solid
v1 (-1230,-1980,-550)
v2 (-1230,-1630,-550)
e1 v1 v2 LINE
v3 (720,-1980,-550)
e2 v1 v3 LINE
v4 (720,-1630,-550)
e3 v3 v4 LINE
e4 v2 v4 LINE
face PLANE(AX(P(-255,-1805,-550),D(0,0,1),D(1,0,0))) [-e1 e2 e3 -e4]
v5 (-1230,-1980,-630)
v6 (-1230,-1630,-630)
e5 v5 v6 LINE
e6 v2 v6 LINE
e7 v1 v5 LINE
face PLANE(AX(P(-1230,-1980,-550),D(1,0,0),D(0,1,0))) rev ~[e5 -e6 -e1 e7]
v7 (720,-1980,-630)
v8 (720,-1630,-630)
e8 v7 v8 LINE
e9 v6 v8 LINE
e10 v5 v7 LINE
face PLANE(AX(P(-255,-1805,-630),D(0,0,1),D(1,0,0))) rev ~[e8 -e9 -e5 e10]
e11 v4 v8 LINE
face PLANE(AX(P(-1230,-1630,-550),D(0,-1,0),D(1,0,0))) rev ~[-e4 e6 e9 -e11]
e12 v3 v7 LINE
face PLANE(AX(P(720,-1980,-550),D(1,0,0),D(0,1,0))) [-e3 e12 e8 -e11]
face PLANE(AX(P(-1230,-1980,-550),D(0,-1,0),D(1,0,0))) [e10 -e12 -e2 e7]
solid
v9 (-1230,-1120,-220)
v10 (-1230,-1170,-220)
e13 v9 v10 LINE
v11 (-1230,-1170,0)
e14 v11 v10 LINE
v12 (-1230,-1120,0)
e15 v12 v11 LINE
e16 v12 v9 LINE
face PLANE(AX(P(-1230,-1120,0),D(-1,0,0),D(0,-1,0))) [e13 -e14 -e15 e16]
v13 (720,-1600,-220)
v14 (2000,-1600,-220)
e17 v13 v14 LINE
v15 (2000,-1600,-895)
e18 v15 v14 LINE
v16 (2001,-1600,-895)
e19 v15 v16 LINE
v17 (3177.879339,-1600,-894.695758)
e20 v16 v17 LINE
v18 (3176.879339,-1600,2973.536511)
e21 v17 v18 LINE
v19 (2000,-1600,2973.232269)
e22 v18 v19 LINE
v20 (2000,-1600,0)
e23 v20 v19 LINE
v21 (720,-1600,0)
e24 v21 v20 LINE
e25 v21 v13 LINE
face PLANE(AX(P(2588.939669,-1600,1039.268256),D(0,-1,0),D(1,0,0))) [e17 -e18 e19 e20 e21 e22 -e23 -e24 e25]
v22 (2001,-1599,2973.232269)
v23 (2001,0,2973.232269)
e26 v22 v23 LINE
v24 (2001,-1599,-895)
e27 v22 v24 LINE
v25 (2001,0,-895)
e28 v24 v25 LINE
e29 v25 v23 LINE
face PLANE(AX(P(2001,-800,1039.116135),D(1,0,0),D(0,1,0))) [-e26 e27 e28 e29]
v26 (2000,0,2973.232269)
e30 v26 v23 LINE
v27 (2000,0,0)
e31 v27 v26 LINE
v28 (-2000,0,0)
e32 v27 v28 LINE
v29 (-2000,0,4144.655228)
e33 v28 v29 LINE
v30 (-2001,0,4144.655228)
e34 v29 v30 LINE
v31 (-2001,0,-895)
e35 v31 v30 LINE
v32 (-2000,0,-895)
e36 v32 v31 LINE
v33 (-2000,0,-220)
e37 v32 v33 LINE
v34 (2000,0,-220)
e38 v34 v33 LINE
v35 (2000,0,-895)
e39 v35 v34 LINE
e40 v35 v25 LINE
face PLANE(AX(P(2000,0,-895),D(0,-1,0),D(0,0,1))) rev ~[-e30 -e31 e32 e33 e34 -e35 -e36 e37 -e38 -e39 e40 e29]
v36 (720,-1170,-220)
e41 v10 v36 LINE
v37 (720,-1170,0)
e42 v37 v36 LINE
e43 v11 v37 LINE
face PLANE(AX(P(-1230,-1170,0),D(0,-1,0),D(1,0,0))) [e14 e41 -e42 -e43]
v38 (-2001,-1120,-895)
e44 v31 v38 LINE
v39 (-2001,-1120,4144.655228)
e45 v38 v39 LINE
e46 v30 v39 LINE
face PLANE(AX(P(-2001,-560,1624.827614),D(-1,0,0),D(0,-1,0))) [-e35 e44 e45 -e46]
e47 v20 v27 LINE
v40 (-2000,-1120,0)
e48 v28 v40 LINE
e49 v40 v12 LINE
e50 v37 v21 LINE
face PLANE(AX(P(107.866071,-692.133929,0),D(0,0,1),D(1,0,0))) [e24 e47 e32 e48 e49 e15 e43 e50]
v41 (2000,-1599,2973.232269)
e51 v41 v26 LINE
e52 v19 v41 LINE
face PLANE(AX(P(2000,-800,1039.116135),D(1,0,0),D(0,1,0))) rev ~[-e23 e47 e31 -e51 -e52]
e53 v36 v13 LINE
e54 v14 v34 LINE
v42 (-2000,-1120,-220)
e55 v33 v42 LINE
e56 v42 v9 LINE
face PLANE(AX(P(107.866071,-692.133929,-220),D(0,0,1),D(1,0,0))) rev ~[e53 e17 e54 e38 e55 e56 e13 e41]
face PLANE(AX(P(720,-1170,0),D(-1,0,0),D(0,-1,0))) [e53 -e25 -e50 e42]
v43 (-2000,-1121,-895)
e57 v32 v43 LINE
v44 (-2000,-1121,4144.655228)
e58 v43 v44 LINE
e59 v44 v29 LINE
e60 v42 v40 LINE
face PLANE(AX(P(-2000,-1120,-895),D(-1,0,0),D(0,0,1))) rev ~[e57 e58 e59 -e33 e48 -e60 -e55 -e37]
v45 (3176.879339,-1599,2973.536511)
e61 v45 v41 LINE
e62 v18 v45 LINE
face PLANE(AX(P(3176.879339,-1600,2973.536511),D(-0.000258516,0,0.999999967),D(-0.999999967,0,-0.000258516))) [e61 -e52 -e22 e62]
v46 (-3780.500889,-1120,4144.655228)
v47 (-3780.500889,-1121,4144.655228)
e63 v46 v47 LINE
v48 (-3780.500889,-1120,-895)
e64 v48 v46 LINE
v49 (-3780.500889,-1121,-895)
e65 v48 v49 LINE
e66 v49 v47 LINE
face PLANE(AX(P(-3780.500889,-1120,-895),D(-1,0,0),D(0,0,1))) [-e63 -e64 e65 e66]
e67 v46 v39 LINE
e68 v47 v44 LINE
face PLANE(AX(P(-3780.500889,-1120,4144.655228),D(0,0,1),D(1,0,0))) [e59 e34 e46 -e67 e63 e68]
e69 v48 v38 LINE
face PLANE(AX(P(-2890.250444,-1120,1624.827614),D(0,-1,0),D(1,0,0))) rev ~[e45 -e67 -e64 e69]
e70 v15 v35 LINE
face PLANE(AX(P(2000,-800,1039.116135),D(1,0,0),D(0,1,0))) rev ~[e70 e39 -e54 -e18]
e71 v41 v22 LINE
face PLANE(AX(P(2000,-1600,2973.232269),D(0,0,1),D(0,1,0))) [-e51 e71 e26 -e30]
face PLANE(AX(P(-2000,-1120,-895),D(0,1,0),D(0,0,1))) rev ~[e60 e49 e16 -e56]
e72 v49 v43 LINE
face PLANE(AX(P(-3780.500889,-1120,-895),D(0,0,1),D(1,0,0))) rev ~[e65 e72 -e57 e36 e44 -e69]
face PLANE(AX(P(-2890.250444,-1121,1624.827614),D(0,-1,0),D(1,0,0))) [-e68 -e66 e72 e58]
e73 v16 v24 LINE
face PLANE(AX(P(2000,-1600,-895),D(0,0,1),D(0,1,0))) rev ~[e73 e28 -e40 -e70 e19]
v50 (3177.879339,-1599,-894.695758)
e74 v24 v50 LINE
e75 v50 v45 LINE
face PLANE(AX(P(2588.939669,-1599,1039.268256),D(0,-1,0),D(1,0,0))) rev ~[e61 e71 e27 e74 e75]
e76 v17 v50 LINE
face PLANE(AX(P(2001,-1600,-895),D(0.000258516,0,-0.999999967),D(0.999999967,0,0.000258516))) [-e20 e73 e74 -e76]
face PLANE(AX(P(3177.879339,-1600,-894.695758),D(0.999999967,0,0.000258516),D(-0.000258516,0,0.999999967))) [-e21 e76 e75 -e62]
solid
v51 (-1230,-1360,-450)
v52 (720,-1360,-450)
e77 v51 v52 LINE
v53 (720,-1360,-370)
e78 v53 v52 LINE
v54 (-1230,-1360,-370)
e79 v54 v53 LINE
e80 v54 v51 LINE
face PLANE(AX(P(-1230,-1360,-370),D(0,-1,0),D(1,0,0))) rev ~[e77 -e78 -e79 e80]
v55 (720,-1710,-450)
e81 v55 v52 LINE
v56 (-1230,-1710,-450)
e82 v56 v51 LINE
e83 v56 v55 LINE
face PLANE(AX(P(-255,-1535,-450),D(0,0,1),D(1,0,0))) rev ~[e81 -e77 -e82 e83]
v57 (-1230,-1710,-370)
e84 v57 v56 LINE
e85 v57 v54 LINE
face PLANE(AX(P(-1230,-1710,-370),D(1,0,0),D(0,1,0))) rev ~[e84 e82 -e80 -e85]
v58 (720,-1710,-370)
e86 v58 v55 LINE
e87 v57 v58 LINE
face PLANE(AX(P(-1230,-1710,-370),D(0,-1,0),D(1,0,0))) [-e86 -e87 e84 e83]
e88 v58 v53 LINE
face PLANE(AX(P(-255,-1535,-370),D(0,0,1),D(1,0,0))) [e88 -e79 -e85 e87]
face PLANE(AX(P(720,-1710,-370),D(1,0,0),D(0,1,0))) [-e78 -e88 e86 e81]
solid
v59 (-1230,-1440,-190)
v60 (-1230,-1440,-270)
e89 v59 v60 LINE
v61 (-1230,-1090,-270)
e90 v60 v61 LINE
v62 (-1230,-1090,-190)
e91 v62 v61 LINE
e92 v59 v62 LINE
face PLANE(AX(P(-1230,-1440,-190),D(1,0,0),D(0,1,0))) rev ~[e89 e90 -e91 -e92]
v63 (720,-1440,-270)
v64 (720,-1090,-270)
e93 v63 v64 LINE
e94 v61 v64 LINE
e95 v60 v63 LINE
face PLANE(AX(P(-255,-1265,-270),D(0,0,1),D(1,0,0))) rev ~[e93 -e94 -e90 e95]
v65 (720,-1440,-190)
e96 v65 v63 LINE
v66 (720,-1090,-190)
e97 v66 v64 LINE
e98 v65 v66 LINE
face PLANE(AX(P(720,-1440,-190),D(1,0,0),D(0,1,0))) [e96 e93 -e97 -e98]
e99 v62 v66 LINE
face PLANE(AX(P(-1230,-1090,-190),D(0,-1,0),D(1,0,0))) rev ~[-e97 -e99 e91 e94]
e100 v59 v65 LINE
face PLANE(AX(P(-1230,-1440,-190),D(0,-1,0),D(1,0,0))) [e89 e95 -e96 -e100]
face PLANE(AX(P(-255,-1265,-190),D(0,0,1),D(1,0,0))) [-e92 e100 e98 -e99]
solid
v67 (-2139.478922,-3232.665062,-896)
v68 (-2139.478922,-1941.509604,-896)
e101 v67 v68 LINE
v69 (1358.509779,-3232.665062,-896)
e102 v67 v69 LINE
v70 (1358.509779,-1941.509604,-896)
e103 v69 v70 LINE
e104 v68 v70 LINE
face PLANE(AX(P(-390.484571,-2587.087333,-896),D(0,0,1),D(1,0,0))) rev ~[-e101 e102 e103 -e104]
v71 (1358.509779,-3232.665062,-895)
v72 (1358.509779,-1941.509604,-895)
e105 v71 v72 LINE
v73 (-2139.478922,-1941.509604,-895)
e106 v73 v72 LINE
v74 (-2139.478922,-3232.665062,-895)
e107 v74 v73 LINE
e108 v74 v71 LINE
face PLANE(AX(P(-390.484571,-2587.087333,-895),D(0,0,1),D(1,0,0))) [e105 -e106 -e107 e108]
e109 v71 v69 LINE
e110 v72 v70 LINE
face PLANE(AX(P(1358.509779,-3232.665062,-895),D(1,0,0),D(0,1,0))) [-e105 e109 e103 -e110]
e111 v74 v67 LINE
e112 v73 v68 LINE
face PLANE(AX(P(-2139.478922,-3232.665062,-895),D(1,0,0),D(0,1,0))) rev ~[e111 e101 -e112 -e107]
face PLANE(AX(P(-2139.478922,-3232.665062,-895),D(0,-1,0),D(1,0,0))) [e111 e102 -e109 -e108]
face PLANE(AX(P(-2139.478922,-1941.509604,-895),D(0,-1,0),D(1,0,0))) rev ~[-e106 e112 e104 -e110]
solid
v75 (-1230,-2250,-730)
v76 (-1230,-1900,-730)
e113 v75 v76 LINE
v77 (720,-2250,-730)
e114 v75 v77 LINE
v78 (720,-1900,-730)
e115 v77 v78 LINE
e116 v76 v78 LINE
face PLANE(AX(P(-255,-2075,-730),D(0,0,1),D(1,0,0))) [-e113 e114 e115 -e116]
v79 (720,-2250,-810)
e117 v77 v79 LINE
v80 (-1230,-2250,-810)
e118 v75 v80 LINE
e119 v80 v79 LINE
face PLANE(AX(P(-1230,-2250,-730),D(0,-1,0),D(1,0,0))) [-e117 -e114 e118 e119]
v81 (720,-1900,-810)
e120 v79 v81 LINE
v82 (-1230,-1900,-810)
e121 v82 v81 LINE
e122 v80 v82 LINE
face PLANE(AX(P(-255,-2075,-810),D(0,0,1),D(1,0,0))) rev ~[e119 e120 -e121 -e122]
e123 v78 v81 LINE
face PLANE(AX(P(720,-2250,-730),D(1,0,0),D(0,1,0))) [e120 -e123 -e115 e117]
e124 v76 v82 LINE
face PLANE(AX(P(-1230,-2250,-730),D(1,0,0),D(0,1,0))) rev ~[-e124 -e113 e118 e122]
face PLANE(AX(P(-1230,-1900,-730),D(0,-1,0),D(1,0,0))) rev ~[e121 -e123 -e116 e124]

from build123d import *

# Parameters (mm, degrees)
F1_DEPTH  = 220
F7_W      = 1950
F7_H      = 350
F8_DEPTH  = 80
F9_W      = 1950
F9_H      = 350
F10_DEPTH = 80
F11_W     = 1950
F11_H     = 350
F12_DEPTH = 80
F13_W     = 1950
F13_H     = 350
F14_DEPTH = 80
F15_W     = 3497.9887008667
F15_H     = 1291.1554574966
F16_DEPTH = 1
F17_W     = 1120
F17_H     = 5039.6552276611
F18_DEPTH = 1
F19_W     = 1780.5008888245
F19_H     = 5039.6552276611
F20_DEPTH = 1
F21_W     = 1600
F21_H     = 3868.2322692871
F22_DEPTH = 1
F24_DEPTH = 1


with BuildPart() as f1:
    # F0 (on Top) → F1 (new body)
    with BuildSketch(Plane.XY):
        Polygon((2000, 0), (0, 0), (-2000, 0), (-2000, -1120), (-1230, -1120), (-1230, -1170), (720, -1170), (720, -1600), (2000, -1600), align=None)
    extrude(amount=-F1_DEPTH)

    # F17 (on face) → F18 (join)
    with BuildSketch(Plane(origin=(-2000, 0, 0), x_dir=(0, -1, 0), z_dir=(-1, 0, 0))):
        with Locations((560, 1624.8276138306)):
            Rectangle(F17_W, F17_H)
    extrude(amount=F18_DEPTH)

    # F19 (on face) → F20 (join)
    with BuildSketch(Plane.XZ.offset(1120)):
        with Locations((-2890.2504444122, 1624.8276138306)):
            Rectangle(F19_W, F19_H)
    extrude(amount=F20_DEPTH)

    # F21 (on face) → F22 (join)
    with BuildSketch(Plane.YZ.offset(2000)):
        with Locations((-800, 1039.1161346436)):
            Rectangle(F21_W, F21_H)
    extrude(amount=F22_DEPTH)

    # F23 (on face) → F24 (join)
    with BuildSketch(Plane.XZ.offset(1600)):
        Polygon((3176.8793387898, 2973.5365114465), (2000, 2973.2322692871), (2001, -895), (3177.8793387898, -894.6957578406), align=None)
    extrude(amount=-F24_DEPTH)


with BuildPart() as f8:
    # F7 (on offset) → F8 (new body)
    with BuildSketch(Plane.XY.offset(-190)):
        with Locations((-255, -1265)):
            Rectangle(F7_W, F7_H)
    extrude(amount=-F8_DEPTH)


with BuildPart() as f10:
    # F9 (on offset) → F10 (new body)
    with BuildSketch(Plane.XY.offset(-370)):
        with Locations((-255, -1535)):
            Rectangle(F9_W, F9_H)
    extrude(amount=-F10_DEPTH)


with BuildPart() as f12:
    # F11 (on offset) → F12 (new body)
    with BuildSketch(Plane.XY.offset(-550)):
        with Locations((-255, -1805)):
            Rectangle(F11_W, F11_H)
    extrude(amount=-F12_DEPTH)


with BuildPart() as f14:
    # F13 (on offset) → F14 (new body)
    with BuildSketch(Plane.XY.offset(-730)):
        with Locations((-255, -2075)):
            Rectangle(F13_W, F13_H)
    extrude(amount=-F14_DEPTH)


with BuildPart() as f16:
    # F15 (on offset) → F16 (new body)
    with BuildSketch(Plane.XY.offset(-895)):
        with Locations((-390.4845714569, -2587.0873332024)):
            Rectangle(F15_W, F15_H)
    extrude(amount=-F16_DEPTH)


solid = Compound([f1.part, f8.part, f10.part, f12.part, f14.part, f16.part])
